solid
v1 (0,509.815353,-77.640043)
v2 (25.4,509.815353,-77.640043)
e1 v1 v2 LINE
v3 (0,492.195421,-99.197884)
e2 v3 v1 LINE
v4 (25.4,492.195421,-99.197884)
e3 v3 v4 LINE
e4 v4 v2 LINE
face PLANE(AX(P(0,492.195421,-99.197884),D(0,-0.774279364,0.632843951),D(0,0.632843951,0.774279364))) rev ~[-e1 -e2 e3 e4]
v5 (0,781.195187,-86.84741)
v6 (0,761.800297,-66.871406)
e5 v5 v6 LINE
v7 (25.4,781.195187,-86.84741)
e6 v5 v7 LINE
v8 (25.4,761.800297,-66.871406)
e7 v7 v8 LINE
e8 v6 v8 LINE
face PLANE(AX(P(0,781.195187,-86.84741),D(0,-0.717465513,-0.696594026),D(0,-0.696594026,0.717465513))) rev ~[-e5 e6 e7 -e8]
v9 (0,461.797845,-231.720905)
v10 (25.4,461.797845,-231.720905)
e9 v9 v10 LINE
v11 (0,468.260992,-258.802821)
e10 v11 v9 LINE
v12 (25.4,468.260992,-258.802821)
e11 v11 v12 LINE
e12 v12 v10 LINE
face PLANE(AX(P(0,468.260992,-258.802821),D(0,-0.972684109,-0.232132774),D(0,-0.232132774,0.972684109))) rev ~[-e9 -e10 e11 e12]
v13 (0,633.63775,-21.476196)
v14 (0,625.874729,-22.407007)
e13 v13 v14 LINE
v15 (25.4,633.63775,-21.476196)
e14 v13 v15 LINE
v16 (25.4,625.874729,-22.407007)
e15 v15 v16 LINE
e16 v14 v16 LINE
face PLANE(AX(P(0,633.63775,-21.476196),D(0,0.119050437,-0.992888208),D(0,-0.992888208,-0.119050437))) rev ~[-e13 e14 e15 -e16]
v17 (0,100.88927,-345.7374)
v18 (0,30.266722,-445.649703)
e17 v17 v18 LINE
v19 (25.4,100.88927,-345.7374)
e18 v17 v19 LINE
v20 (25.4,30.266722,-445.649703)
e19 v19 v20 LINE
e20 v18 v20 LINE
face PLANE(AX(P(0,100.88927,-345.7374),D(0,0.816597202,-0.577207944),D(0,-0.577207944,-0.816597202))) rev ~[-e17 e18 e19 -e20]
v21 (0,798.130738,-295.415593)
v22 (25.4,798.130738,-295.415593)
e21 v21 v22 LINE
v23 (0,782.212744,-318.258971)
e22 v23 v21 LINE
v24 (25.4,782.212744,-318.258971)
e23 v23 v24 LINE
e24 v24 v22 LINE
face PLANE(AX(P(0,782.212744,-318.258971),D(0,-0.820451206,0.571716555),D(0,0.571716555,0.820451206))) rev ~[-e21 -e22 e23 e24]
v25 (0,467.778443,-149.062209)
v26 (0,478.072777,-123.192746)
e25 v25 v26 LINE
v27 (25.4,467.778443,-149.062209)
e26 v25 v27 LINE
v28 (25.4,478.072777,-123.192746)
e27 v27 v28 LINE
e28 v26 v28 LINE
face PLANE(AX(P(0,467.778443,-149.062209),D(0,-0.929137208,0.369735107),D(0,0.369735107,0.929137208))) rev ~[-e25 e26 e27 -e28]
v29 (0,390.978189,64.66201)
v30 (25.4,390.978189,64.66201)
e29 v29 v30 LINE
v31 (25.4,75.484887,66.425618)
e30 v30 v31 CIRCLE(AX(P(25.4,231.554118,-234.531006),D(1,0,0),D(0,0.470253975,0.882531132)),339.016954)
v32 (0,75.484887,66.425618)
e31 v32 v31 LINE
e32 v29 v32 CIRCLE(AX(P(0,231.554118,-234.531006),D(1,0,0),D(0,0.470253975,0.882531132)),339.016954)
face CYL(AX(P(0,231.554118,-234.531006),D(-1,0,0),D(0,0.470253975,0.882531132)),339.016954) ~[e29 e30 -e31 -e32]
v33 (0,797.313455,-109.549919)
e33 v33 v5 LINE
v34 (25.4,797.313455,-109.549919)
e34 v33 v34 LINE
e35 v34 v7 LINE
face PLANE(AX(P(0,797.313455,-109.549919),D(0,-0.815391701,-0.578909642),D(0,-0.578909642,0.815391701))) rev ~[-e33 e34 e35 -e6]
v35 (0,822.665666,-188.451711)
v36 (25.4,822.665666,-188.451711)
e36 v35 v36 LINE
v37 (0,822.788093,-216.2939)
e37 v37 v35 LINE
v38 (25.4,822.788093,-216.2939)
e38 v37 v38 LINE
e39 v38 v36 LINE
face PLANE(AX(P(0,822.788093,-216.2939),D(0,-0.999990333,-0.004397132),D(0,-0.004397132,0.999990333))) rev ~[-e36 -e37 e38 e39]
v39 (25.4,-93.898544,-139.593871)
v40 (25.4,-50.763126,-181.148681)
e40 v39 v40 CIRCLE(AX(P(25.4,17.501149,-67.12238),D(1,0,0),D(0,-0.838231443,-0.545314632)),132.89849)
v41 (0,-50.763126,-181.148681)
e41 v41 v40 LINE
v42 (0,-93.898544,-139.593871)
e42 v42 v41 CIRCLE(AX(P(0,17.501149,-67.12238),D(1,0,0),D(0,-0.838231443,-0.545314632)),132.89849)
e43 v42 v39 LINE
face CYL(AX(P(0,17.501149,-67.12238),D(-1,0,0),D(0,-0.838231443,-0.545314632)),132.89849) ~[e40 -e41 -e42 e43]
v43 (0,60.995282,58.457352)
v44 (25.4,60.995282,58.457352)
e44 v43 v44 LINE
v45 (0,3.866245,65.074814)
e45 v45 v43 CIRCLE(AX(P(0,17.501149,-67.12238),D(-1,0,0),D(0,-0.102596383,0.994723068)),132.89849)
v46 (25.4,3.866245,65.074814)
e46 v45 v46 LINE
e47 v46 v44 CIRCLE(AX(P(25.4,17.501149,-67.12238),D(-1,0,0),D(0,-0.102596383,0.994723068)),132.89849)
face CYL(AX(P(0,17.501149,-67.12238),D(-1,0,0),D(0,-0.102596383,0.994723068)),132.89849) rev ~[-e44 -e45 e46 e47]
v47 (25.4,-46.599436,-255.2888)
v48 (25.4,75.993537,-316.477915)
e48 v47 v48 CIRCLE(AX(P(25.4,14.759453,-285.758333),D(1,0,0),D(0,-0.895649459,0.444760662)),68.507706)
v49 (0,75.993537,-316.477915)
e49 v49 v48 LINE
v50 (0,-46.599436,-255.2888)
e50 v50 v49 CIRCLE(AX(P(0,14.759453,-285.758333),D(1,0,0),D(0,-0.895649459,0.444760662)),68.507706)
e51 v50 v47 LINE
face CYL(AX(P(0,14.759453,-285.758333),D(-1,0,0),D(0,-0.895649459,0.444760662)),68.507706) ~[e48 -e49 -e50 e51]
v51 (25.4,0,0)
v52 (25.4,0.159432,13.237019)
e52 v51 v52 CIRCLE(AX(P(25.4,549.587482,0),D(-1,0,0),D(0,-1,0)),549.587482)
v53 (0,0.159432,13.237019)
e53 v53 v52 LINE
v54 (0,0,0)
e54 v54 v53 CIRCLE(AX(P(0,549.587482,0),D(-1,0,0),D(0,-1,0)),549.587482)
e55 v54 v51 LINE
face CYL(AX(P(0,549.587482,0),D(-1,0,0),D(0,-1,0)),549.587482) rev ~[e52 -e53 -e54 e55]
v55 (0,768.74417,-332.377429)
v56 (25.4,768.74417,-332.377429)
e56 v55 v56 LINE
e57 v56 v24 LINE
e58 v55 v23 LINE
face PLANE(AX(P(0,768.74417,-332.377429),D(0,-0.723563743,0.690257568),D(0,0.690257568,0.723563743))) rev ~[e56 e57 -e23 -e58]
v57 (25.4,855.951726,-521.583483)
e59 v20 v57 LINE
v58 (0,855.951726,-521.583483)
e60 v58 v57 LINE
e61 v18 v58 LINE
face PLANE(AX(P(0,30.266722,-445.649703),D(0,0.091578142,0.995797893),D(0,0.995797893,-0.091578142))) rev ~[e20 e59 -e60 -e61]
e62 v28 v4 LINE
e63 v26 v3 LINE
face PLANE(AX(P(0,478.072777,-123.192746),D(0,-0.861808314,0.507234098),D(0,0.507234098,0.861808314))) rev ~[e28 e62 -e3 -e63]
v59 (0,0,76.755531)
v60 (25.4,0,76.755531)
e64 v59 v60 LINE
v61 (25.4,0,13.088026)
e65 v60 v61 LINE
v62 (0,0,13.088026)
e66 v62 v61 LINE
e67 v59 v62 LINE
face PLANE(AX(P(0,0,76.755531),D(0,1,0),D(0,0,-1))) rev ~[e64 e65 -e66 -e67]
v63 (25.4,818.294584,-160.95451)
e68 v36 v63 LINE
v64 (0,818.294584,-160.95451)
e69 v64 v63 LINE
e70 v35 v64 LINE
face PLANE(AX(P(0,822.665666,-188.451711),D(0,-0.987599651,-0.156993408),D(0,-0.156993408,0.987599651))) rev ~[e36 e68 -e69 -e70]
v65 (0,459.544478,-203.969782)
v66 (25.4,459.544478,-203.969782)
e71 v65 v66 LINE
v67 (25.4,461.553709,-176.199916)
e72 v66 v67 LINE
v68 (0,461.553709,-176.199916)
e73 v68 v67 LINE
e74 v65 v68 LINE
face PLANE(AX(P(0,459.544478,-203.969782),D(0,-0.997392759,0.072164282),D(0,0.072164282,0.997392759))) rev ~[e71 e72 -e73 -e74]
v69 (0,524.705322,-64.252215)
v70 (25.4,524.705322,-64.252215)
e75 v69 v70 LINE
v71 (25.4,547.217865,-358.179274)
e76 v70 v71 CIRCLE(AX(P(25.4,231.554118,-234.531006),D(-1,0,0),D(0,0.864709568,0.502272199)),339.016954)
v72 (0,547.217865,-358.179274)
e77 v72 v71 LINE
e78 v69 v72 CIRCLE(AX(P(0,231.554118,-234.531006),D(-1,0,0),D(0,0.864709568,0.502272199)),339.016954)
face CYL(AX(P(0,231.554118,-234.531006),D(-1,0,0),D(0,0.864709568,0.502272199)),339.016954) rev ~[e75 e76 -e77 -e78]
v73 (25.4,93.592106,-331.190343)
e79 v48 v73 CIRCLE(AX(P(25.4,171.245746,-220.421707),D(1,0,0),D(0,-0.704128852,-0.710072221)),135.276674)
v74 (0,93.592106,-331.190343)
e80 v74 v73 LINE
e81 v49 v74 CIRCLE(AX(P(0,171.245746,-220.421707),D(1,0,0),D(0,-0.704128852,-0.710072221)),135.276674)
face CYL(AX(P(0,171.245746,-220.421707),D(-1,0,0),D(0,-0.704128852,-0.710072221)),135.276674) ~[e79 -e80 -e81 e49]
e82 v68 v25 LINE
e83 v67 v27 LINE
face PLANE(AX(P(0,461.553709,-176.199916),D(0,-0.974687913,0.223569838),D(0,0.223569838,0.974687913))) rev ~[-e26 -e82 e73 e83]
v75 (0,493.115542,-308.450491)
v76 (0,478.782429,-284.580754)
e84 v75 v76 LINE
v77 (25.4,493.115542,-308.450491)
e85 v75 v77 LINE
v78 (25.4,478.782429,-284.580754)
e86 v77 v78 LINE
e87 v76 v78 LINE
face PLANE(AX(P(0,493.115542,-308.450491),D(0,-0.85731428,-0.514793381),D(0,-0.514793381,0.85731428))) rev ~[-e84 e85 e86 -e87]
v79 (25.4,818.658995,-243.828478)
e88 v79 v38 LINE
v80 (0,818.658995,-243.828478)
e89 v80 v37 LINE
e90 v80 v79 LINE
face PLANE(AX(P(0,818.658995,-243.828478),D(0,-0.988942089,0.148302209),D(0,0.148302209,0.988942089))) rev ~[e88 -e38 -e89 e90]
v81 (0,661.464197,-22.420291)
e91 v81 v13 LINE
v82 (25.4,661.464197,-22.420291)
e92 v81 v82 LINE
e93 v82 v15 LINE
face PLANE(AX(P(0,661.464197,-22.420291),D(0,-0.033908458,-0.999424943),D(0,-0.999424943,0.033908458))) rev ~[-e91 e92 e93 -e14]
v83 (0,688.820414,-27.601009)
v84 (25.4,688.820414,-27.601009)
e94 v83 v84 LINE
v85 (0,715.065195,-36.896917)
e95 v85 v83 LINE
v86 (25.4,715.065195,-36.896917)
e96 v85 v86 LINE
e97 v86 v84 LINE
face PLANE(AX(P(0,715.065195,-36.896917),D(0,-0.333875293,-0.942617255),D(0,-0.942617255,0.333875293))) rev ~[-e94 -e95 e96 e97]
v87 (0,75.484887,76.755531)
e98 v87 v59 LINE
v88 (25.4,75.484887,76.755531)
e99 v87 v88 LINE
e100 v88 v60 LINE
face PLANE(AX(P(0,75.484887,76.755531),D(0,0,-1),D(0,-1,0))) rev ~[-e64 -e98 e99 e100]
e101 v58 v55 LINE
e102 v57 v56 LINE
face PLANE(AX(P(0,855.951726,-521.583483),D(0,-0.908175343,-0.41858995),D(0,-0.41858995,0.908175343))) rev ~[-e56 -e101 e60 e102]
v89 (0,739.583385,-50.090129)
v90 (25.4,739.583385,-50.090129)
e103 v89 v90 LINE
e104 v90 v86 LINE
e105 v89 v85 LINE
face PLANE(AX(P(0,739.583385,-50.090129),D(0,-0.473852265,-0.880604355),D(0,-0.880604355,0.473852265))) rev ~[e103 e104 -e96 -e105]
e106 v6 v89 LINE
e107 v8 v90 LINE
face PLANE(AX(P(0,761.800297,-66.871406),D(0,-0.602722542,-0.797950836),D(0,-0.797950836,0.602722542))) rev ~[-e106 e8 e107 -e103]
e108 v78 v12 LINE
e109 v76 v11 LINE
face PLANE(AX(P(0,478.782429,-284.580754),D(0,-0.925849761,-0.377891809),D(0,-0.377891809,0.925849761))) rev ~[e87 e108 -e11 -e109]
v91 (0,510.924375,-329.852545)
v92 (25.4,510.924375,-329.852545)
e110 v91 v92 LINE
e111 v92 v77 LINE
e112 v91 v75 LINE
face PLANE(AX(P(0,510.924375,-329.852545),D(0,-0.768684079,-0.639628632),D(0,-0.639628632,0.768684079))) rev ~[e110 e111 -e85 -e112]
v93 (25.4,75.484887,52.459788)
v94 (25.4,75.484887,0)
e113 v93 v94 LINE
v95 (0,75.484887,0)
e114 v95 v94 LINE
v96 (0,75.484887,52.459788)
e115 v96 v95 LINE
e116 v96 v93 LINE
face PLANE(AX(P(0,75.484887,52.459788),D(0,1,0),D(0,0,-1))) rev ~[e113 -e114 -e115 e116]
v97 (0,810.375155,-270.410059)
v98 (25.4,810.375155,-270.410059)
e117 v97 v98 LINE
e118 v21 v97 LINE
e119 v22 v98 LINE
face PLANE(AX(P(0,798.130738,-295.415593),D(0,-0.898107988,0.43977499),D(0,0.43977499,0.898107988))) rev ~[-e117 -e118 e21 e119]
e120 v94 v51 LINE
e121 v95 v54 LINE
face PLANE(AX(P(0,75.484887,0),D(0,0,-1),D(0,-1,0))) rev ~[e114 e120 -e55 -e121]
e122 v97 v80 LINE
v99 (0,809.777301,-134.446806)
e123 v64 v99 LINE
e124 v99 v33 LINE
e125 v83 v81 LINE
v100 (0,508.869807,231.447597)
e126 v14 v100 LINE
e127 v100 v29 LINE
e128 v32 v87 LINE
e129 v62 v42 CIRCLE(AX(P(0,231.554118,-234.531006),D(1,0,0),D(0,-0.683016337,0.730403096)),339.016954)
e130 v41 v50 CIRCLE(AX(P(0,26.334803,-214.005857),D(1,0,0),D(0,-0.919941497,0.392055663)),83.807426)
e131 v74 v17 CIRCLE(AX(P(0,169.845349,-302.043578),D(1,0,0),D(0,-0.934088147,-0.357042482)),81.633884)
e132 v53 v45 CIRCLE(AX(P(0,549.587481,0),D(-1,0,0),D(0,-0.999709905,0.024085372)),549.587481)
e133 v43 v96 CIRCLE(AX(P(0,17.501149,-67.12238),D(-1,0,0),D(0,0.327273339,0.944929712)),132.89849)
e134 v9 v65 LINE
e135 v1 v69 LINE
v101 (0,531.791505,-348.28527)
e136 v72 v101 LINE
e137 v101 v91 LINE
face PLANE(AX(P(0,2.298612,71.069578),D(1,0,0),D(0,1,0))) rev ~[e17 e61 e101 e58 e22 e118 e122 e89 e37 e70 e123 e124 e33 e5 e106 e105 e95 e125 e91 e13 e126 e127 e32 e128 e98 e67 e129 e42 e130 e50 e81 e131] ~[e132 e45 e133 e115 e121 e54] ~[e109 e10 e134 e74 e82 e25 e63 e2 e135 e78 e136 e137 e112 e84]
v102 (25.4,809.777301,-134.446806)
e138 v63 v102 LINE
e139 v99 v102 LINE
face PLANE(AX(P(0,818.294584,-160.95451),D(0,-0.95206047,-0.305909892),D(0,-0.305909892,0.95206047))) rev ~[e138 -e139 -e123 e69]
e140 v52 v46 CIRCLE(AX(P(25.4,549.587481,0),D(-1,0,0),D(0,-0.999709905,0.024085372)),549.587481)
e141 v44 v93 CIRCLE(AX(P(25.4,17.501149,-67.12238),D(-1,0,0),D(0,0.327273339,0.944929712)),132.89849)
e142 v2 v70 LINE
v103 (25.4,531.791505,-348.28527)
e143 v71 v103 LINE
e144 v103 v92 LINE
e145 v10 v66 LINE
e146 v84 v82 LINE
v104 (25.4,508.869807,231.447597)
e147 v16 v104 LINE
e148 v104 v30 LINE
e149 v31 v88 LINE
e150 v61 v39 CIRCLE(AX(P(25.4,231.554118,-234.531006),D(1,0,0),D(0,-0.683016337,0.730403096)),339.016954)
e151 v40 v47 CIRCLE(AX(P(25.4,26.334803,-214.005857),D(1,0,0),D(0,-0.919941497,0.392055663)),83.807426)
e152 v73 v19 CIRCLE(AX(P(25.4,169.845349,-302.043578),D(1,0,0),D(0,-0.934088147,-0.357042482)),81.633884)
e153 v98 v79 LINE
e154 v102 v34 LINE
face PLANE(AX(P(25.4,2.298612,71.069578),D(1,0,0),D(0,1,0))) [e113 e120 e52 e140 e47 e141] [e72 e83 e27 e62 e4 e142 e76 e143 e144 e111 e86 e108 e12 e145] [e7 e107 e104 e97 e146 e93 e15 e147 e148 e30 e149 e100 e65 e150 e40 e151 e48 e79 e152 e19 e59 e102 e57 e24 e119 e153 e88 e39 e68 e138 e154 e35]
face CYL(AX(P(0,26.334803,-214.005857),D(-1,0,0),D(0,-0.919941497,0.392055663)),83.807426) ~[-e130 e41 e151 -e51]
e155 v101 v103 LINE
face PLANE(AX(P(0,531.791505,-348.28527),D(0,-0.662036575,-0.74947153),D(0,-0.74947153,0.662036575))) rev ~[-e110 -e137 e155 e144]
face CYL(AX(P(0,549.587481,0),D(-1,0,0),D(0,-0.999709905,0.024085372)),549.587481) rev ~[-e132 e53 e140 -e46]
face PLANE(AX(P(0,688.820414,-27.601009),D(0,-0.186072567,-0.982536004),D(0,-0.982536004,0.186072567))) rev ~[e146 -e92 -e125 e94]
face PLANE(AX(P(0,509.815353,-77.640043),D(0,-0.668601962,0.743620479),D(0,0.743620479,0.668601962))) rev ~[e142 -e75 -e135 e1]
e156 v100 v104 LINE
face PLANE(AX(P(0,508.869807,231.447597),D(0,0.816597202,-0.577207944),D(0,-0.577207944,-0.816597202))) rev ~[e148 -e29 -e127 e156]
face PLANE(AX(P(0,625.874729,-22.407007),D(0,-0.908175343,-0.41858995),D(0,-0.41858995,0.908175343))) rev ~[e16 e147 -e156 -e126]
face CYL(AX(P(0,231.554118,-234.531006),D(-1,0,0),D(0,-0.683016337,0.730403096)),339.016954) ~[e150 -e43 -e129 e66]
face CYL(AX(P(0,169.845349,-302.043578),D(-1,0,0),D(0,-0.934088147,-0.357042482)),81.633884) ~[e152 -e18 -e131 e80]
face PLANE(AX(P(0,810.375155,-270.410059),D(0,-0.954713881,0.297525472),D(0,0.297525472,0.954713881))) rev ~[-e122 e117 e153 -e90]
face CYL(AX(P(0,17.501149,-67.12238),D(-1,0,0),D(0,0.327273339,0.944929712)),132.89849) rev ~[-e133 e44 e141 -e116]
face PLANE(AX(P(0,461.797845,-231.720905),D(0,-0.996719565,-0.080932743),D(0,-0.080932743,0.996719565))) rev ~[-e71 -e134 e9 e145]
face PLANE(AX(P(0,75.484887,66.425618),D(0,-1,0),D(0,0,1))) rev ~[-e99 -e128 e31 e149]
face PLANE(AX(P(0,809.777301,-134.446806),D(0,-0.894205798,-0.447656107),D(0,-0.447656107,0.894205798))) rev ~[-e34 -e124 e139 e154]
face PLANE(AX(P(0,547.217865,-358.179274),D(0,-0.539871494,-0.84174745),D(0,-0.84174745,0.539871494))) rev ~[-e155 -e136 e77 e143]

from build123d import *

# Parameters (mm, degrees)
F1_DEPTH = 25.4


with BuildPart() as f1:
    # F0 (on Right) → F1 (new body)
    with BuildSketch(Plane.YZ):
        with BuildLine():
            Line((5.3862427492, 76.7555311322), (0, 76.7555311322))
            Line((0, 76.7555311322), (0, 64.6187240932))
            ThreePointArc((0, 64.6187240932), (1.9314521574, 64.8609267634), (3.8662446042, 65.0748140172))
            ThreePointArc((3.8662446042, 65.0748140172), (4.5949489658, 70.9192449191), (5.3862427492, 76.7555311322))
        make_face()
        with BuildLine():
            Line((75.4848867655, 76.7555311322), (5.3862427492, 76.7555311322))
            ThreePointArc((5.3862427492, 76.7555311322), (4.5949489658, 70.9192449191), (3.8662446042, 65.0748140172))
            ThreePointArc((3.8662446042, 65.0748140172), (32.7930120665, 64.8934055874), (60.9952815162, 58.4573522376))
            ThreePointArc((60.9952815162, 58.4573522376), (68.191493841, 62.5298426374), (75.4848867655, 66.4256184947))
            Line((75.4848867655, 66.4256184947), (75.4848867655, 76.7555311322))
        make_face()
        with BuildLine():
            ThreePointArc((3.8662446042, 65.0748140172), (1.9314521574, 64.8609267634), (0, 64.6187240932))
            Line((0, 64.6187240932), (0, 13.0880264162))
            ThreePointArc((0, 13.0880264162), (0.0797042079, 13.1625355732), (0.1594323913, 13.2370190749))
            ThreePointArc((0.1594323913, 13.2370190749), (1.399759177, 39.199756565), (3.8662446042, 65.0748140172))
        make_face()
        with BuildLine():
            ThreePointArc((0.1594323913, 13.2370190749), (0.0797042079, 13.1625355732), (0, 13.0880264162))
            Line((0, 13.0880264162), (0, 0))
            ThreePointArc((0, 0), (0.0398595433, 6.6189895882), (0.1594323913, 13.2370190749))
        make_face()
        with BuildLine():
            Line((0, 0), (0, 13.0880264162))
            ThreePointArc((0, 13.0880264162), (-57.2227485948, -56.9347894415), (-93.8985440453, -139.5938707663))
            ThreePointArc((-93.8985440453, -139.5938707663), (-74.7023537588, -162.8329992856), (-50.7631260646, -181.1486809071))
            ThreePointArc((-50.7631260646, -181.1486809071), (134.418433918, -130.3074814993), (75.4848867655, 52.459787821))
            Line((75.4848867655, 52.459787821), (75.4848867655, 0))
            Line((75.4848867655, 0), (0, 0))
        make_face()
        with BuildLine():
            ThreePointArc((390.9781885196, 64.6620097575), (233.4491947056, 104.480650876), (75.4848867655, 66.4256184947))
            Line((75.4848867655, 66.4256184947), (75.4848867655, 52.459787821))
            ThreePointArc((75.4848867655, 52.459787821), (134.418433918, -130.3074814993), (-50.7631260646, -181.1486809071))
            ThreePointArc((-50.7631260646, -181.1486809071), (-57.3407742049, -218.7050554571), (-46.5994364643, -255.2888003165))
            ThreePointArc((-46.5994364643, -255.2888003165), (-15.8351680469, -347.0549469278), (75.9935366918, -316.4779153328))
            ThreePointArc((75.9935366918, -316.4779153328), (84.4804183959, -324.2078161859), (93.5921058689, -331.1903429243))
            ThreePointArc((93.5921058689, -331.1903429243), (99.5887961578, -335.1608026322), (105.7880268546, -338.8069490201))
            Line((105.7880268546, -338.8069490201), (390.9781885196, 64.6620097575))
        make_face()
        with BuildLine():
            Line((75.4848867655, 52.459787821), (75.4848867655, 66.4256184947))
            ThreePointArc((75.4848867655, 66.4256184947), (68.191493841, 62.5298426374), (60.9952815162, 58.4573522376))
            ThreePointArc((60.9952815162, 58.4573522376), (68.3286241876, 55.6724752477), (75.4848867655, 52.459787821))
        make_face()
        with BuildLine():
            Line((508.869806802, 231.447596607), (390.9781885196, 64.6620097575))
            ThreePointArc((390.9781885196, 64.6620097575), (466.8429069503, 9.5420995027), (524.7053222998, -64.2522153119))
            Line((524.7053222998, -64.2522153119), (530.5195744083, -59.0245212478))
            Line((530.5195744083, -59.0245212478), (553.822797689, -43.7876499609))
            Line((553.822797689, -43.7876499609), (579.178814564, -32.2865687022))
            Line((579.178814564, -32.2865687022), (605.9933014884, -24.7908530686))
            Line((605.9933014884, -24.7908530686), (625.8747293704, -22.4070069681))
            Line((625.8747293704, -22.4070069681), (508.869806802, 231.447596607))
        make_face()
        with BuildLine():
            ThreePointArc((524.7053222998, -64.2522153119), (466.8429069503, 9.5420995027), (390.9781885196, 64.6620097575))
            Line((390.9781885196, 64.6620097575), (105.7880268546, -338.8069490201))
            ThreePointArc((105.7880268546, -338.8069490201), (176.1168073384, -355.610653428), (245.0538575649, -333.7889909744))
            ThreePointArc((245.0538575649, -333.7889909744), (176.5880738948, -383.3985207357), (100.8892695091, -345.7374003159))
            Line((100.8892695091, -345.7374003159), (30.2667221668, -445.6497026059))
            Line((30.2667221668, -445.6497026059), (459.8510392405, -485.156246703))
            ThreePointArc((459.8510392405, -485.156246703), (510.8462412084, -426.6986552247), (547.2178651376, -358.1792740399))
            Line((547.2178651376, -358.1792740399), (531.7915045279, -348.2852703807))
            Line((531.7915045279, -348.2852703807), (510.9243750188, -329.8525449194))
            Line((510.9243750188, -329.8525449194), (493.1155417724, -308.4504908057))
            Line((493.1155417724, -308.4504908057), (478.7824287459, -284.5807540487))
            Line((478.7824287459, -284.5807540487), (468.2609919604, -258.8028210468))
            Line((468.2609919604, -258.8028210468), (461.7978449766, -231.7209047013))
            Line((461.7978449766, -231.7209047013), (459.5444784819, -203.9697821776))
            Line((459.5444784819, -203.9697821776), (461.5537094771, -176.1999162671))
            Line((461.5537094771, -176.1999162671), (467.7784432907, -149.0622090899))
            Line((467.7784432907, -149.0622090899), (478.0727774378, -123.1927455016))
            Line((478.0727774378, -123.1927455016), (492.1954214511, -99.1978838026))
            Line((492.1954214511, -99.1978838026), (509.8153525247, -77.640043214))
            Line((509.8153525247, -77.640043214), (524.7053222998, -64.2522153119))
        make_face()
        with BuildLine():
            Line((530.5195744083, -59.0245212478), (524.7053222998, -64.2522153119))
            ThreePointArc((524.7053222998, -64.2522153119), (569.58102559, -208.6407558217), (547.2178651376, -358.1792740399))
            Line((547.2178651376, -358.1792740399), (555.2278224701, -363.3166197278))
            Line((555.2278224701, -363.3166197278), (580.6840014165, -374.594270872))
            Line((580.6840014165, -374.594270872), (607.5633701083, -381.8538852288))
            Line((607.5633701083, -381.8538852288), (635.2358989253, -384.9253035909))
            Line((635.2358989253, -384.9253035909), (663.0529672461, -383.7365345149))
            Line((663.0529672461, -383.7365345149), (690.362566566, -378.3154417404))
            Line((690.362566566, -378.3154417404), (716.5245830234, -368.7890910874))
            Line((716.5245830234, -368.7890910874), (740.9258011265, -355.3807721411))
            Line((740.9258011265, -355.3807721411), (762.9942770044, -338.4047645331))
            Line((762.9942770044, -338.4047645331), (768.7441699807, -332.3774288358))
            Line((768.7441699807, -332.3774288358), (625.8747293704, -22.4070069681))
            Line((625.8747293704, -22.4070069681), (605.9933014884, -24.7908530686))
            Line((605.9933014884, -24.7908530686), (579.178814564, -32.2865687022))
            Line((579.178814564, -32.2865687022), (553.822797689, -43.7876499609))
            Line((553.822797689, -43.7876499609), (530.5195744083, -59.0245212478))
        make_face()
        with BuildLine():
            Line((100.8892695091, -345.7374003159), (105.7880268546, -338.8069490201))
            ThreePointArc((105.7880268546, -338.8069490201), (99.5887961578, -335.1608026322), (93.5921058689, -331.1903429243))
            ThreePointArc((93.5921058689, -331.1903429243), (96.8772664999, -338.6461726736), (100.8892695091, -345.7374003159))
        make_face()
        with BuildLine():
            ThreePointArc((245.0538575649, -333.7889909744), (176.1168073384, -355.610653428), (105.7880268546, -338.8069490201))
            Line((105.7880268546, -338.8069490201), (100.8892695091, -345.7374003159))
            ThreePointArc((100.8892695091, -345.7374003159), (176.5880738948, -383.3985207357), (245.0538575649, -333.7889909744))
        make_face()
        with BuildLine():
            Line((555.2278224701, -363.3166197278), (547.2178651376, -358.1792740399))
            ThreePointArc((547.2178651376, -358.1792740399), (510.8462412084, -426.6986552247), (459.8510392405, -485.156246703))
            Line((459.8510392405, -485.156246703), (855.9517264366, -521.5834826231))
            Line((855.9517264366, -521.5834826231), (768.7441699807, -332.3774288358))
            Line((768.7441699807, -332.3774288358), (762.9942770044, -338.4047645331))
            Line((762.9942770044, -338.4047645331), (740.9258011265, -355.3807721411))
            Line((740.9258011265, -355.3807721411), (716.5245830234, -368.7890910874))
            Line((716.5245830234, -368.7890910874), (690.362566566, -378.3154417404))
            Line((690.362566566, -378.3154417404), (663.0529672461, -383.7365345149))
            Line((663.0529672461, -383.7365345149), (635.2358989253, -384.9253035909))
            Line((635.2358989253, -384.9253035909), (607.5633701083, -381.8538852288))
            Line((607.5633701083, -381.8538852288), (580.6840014165, -374.594270872))
            Line((580.6840014165, -374.594270872), (555.2278224701, -363.3166197278))
        make_face()
        Polygon((633.6377496157, -21.4761962813), (625.8747293704, -22.4070069681), (768.7441699807, -332.3774288358), (782.212744287, -318.2589714936), (798.13073839, -295.4155933367), (810.3751550229, -270.4100594852), (818.658995438, -243.8284784588), (822.7880934368, -216.2938999874), (822.665666462, -188.4517112531), (818.2945840981, -160.9545095619), (809.7773008109, -134.4468060158), (797.3134545018, -109.5499187191), (781.1951871644, -86.8474096084), (761.8002973238, -66.8714062555), (739.5833847597, -50.0901292482), (715.0651950722, -36.8969174962), (688.8204138471, -27.6010087011), (661.4641965122, -22.4202910862), align=None)
    extrude(amount=F1_DEPTH)


solid = f1.part
